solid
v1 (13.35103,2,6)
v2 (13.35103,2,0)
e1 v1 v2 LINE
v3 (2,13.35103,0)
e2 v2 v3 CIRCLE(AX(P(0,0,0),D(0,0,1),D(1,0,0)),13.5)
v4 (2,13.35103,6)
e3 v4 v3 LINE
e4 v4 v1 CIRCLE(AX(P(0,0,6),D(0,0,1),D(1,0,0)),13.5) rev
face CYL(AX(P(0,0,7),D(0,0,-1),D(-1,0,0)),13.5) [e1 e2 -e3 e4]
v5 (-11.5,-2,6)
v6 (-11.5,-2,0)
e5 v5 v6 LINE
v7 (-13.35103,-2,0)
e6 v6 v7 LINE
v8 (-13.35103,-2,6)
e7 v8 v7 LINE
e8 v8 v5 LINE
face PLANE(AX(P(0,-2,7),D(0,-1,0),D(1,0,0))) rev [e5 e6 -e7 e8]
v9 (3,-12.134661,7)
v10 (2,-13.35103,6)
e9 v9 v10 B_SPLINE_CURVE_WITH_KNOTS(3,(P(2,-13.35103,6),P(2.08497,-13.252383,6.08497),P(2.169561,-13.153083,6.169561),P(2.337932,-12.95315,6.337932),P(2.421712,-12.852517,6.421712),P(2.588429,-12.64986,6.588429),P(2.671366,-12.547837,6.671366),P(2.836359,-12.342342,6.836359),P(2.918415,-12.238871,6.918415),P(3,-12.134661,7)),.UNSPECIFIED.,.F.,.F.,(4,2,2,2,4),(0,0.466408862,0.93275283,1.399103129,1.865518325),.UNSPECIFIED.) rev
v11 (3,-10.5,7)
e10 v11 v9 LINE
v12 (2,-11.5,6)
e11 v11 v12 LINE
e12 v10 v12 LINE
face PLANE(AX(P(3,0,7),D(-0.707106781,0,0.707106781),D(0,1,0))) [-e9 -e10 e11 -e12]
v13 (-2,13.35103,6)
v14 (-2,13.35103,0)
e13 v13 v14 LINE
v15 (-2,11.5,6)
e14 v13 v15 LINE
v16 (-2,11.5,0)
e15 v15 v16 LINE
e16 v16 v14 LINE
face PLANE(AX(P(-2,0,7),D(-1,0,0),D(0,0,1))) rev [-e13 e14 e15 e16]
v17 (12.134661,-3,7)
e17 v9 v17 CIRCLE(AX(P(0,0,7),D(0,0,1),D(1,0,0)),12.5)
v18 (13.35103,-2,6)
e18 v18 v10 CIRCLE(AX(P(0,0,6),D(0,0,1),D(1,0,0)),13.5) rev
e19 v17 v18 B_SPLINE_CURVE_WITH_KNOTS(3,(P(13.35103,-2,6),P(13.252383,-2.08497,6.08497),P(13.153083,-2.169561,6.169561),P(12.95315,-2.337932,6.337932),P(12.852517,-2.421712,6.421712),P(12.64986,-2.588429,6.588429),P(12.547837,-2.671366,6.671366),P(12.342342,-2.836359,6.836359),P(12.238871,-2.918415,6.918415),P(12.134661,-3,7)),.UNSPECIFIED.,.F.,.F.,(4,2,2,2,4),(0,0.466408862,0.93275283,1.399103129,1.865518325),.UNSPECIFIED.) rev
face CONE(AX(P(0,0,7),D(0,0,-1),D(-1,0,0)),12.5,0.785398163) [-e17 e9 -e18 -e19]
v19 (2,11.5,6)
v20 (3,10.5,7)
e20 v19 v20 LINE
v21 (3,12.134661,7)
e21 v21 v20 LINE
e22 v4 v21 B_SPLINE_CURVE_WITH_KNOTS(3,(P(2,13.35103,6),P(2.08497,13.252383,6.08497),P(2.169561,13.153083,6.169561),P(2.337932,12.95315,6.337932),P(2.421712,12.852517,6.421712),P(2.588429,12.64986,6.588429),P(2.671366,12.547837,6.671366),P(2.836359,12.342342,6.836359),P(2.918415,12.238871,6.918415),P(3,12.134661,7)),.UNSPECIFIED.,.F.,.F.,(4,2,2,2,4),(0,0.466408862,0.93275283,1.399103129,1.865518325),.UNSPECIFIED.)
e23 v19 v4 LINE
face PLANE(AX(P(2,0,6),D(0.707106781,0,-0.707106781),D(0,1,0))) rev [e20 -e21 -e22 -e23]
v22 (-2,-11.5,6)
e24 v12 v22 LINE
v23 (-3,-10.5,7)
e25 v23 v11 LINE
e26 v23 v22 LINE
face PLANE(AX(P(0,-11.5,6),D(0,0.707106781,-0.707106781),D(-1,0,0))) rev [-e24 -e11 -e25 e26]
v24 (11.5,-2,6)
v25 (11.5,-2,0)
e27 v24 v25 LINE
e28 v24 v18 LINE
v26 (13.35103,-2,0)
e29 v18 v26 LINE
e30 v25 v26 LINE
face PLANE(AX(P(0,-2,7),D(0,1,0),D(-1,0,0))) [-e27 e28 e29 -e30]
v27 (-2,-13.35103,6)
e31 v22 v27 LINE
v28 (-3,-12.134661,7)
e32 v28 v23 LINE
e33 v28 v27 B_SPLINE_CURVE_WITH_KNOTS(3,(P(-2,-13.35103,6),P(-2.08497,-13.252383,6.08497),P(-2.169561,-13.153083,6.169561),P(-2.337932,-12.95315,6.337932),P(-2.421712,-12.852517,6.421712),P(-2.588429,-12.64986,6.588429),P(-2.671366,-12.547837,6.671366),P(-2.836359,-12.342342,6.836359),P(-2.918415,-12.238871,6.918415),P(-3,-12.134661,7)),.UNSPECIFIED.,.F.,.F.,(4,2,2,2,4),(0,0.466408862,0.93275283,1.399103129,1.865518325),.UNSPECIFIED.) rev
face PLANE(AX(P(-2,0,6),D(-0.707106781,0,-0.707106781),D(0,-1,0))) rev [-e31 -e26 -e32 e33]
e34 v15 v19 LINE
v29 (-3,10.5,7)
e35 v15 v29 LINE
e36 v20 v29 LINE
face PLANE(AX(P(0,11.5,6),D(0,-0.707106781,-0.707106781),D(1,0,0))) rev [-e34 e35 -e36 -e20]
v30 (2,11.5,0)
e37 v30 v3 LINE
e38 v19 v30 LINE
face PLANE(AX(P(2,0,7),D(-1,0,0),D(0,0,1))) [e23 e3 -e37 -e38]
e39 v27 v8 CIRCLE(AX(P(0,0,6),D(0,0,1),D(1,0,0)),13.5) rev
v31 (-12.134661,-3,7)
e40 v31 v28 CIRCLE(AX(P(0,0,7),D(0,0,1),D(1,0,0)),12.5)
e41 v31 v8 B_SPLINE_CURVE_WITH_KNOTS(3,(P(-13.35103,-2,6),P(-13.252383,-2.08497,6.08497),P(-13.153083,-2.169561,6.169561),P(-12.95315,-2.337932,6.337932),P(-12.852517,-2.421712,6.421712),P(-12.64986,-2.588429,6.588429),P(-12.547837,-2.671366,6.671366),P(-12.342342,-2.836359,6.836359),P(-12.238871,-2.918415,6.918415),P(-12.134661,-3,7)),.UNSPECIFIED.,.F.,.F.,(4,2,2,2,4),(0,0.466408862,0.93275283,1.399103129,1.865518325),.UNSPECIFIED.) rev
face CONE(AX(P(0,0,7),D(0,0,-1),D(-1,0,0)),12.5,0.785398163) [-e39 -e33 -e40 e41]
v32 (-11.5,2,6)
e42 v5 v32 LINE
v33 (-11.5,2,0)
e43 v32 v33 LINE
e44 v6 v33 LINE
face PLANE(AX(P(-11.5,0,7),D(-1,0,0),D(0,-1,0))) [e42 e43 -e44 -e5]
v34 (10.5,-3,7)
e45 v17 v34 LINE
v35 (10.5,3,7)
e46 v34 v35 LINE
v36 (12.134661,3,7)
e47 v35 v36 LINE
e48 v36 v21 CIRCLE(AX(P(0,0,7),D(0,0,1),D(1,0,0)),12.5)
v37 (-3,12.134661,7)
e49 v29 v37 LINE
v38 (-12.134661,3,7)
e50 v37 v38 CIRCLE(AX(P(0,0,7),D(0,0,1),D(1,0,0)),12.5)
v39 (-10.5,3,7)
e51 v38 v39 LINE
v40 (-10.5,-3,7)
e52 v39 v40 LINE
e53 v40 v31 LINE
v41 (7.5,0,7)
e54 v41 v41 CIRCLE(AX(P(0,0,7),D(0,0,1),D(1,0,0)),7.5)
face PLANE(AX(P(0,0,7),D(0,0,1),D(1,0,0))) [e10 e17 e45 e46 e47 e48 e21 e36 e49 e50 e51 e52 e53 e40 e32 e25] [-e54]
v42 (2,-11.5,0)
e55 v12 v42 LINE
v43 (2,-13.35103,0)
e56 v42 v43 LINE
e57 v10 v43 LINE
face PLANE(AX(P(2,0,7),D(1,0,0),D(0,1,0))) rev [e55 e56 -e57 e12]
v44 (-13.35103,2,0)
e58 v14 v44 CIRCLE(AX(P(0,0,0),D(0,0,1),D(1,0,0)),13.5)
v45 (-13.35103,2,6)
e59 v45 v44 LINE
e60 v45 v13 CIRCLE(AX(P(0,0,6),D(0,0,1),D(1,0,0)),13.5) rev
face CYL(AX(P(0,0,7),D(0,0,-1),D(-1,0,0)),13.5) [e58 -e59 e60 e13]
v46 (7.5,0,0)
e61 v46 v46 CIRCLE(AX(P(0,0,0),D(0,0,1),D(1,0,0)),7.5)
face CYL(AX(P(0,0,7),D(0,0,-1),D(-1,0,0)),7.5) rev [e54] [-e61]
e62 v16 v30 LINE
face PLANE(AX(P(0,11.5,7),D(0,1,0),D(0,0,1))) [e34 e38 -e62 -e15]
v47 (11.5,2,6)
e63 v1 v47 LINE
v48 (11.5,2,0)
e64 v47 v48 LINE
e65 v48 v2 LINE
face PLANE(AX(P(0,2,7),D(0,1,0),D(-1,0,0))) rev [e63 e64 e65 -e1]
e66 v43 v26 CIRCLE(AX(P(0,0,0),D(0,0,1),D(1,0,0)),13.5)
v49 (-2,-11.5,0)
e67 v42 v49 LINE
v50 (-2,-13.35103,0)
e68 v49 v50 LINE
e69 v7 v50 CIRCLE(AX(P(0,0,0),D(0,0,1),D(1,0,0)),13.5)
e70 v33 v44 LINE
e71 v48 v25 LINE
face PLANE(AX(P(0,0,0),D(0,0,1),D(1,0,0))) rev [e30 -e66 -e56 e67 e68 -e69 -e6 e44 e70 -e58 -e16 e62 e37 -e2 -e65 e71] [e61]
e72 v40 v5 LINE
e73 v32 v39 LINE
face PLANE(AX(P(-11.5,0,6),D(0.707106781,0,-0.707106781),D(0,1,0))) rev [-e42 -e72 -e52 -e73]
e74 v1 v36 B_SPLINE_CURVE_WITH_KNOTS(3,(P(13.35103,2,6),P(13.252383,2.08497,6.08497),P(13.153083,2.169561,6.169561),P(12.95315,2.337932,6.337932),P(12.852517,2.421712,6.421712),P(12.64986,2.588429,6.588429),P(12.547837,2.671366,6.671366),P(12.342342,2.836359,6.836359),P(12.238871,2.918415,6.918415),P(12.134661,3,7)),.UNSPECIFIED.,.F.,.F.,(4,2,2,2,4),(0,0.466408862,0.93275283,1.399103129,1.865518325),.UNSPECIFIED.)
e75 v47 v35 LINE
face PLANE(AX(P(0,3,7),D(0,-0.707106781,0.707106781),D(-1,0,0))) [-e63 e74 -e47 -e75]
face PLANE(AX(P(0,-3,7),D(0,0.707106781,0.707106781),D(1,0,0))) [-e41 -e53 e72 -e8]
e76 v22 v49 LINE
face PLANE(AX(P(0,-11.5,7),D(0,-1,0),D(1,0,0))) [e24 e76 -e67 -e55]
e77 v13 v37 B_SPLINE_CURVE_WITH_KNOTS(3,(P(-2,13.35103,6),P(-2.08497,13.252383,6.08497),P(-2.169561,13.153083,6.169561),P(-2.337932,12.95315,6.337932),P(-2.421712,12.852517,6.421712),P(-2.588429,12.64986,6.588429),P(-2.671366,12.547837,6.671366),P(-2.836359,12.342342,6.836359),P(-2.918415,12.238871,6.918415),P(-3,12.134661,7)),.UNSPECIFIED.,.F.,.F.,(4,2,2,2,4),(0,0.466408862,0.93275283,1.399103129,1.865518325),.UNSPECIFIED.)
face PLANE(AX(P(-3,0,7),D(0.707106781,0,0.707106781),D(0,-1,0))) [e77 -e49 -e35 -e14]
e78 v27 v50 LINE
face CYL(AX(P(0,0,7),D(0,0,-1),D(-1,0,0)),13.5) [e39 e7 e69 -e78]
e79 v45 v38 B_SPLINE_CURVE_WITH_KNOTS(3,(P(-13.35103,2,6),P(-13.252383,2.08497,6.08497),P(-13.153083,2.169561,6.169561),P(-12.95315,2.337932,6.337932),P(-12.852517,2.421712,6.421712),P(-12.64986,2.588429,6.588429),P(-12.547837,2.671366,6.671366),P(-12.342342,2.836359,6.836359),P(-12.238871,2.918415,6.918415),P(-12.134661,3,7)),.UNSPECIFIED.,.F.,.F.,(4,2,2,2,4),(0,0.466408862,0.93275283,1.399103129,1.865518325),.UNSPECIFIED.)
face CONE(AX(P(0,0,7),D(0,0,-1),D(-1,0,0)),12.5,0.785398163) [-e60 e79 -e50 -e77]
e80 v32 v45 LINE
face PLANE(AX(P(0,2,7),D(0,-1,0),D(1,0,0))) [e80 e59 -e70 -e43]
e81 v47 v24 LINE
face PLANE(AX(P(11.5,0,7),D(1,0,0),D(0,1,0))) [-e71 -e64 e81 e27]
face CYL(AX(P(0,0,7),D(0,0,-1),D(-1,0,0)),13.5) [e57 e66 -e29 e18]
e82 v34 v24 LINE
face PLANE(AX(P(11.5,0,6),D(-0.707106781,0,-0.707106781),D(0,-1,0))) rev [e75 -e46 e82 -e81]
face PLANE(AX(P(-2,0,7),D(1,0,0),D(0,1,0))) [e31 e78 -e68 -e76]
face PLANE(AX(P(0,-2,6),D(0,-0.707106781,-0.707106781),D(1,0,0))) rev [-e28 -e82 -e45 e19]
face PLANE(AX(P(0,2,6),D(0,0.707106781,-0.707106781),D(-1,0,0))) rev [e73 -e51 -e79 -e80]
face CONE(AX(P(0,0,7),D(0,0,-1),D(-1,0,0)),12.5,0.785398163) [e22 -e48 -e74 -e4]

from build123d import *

# Parameters (mm, degrees)
SKETCH1_R           = 7.5
BOSS_EXTRUDE1_DEPTH = 7
CHAMFER1_SIZE       = 1


with BuildPart() as part:
    # Sketch1 → Boss-Extrude1 (new body)
    with BuildSketch(Plane.XY):
        with BuildLine():
            Line((11.5, -2), (11.5, 2))
            Line((11.5, 2), (13.351029923, 2))
            ThreePointArc((13.351029923, 2), (9.545941546, 9.545941546), (2, 13.351029923))
            Line((2, 13.351029923), (2, 11.5))
            Line((2, 11.5), (-2, 11.5))
            Line((-2, 11.5), (-2, 13.351029923))
            ThreePointArc((-2, 13.351029923), (-9.545941546, 9.545941546), (-13.351029923, 2))
            Line((-13.351029923, 2), (-11.5, 2))
            Line((-11.5, 2), (-11.5, -2))
            Line((-11.5, -2), (-13.351029923, -2))
            ThreePointArc((-13.351029923, -2), (-9.545941546, -9.545941546), (-2, -13.351029923))
            Line((-2, -13.351029923), (-2, -11.5))
            Line((-2, -11.5), (2, -11.5))
            Line((2, -11.5), (2, -13.351029923))
            ThreePointArc((2, -13.351029923), (9.545941546, -9.545941546), (13.351029923, -2))
            Line((13.351029923, -2), (11.5, -2))
        make_face()
        Circle(SKETCH1_R, mode=Mode.SUBTRACT)
    extrude(amount=BOSS_EXTRUDE1_DEPTH)

    # Chamfer1
    chamfer1_edges = [part.edges().sort_by_distance(p)[0] for p in [
        (12.425514961, 2, 7),
        (9.545941546, 9.545941546, 7),
        (2, 12.425514961, 7),
        (0, 11.5, 7),
        (-2, 12.425514961, 7),
        (-9.545941546, 9.545941546, 7),
        (-12.425514961, 2, 7),
        (-11.5, 0, 7),
        (-12.425514961, -2, 7),
        (-9.545941546, -9.545941546, 7),
        (-2, -12.425514961, 7),
        (0, -11.5, 7),
        (2, -12.425514961, 7),
        (9.545941546, -9.545941546, 7),
        (12.425514961, -2, 7),
        (11.5, 0, 7),
    ]]
    chamfer(chamfer1_edges, length=CHAMFER1_SIZE)


solid = part.part
